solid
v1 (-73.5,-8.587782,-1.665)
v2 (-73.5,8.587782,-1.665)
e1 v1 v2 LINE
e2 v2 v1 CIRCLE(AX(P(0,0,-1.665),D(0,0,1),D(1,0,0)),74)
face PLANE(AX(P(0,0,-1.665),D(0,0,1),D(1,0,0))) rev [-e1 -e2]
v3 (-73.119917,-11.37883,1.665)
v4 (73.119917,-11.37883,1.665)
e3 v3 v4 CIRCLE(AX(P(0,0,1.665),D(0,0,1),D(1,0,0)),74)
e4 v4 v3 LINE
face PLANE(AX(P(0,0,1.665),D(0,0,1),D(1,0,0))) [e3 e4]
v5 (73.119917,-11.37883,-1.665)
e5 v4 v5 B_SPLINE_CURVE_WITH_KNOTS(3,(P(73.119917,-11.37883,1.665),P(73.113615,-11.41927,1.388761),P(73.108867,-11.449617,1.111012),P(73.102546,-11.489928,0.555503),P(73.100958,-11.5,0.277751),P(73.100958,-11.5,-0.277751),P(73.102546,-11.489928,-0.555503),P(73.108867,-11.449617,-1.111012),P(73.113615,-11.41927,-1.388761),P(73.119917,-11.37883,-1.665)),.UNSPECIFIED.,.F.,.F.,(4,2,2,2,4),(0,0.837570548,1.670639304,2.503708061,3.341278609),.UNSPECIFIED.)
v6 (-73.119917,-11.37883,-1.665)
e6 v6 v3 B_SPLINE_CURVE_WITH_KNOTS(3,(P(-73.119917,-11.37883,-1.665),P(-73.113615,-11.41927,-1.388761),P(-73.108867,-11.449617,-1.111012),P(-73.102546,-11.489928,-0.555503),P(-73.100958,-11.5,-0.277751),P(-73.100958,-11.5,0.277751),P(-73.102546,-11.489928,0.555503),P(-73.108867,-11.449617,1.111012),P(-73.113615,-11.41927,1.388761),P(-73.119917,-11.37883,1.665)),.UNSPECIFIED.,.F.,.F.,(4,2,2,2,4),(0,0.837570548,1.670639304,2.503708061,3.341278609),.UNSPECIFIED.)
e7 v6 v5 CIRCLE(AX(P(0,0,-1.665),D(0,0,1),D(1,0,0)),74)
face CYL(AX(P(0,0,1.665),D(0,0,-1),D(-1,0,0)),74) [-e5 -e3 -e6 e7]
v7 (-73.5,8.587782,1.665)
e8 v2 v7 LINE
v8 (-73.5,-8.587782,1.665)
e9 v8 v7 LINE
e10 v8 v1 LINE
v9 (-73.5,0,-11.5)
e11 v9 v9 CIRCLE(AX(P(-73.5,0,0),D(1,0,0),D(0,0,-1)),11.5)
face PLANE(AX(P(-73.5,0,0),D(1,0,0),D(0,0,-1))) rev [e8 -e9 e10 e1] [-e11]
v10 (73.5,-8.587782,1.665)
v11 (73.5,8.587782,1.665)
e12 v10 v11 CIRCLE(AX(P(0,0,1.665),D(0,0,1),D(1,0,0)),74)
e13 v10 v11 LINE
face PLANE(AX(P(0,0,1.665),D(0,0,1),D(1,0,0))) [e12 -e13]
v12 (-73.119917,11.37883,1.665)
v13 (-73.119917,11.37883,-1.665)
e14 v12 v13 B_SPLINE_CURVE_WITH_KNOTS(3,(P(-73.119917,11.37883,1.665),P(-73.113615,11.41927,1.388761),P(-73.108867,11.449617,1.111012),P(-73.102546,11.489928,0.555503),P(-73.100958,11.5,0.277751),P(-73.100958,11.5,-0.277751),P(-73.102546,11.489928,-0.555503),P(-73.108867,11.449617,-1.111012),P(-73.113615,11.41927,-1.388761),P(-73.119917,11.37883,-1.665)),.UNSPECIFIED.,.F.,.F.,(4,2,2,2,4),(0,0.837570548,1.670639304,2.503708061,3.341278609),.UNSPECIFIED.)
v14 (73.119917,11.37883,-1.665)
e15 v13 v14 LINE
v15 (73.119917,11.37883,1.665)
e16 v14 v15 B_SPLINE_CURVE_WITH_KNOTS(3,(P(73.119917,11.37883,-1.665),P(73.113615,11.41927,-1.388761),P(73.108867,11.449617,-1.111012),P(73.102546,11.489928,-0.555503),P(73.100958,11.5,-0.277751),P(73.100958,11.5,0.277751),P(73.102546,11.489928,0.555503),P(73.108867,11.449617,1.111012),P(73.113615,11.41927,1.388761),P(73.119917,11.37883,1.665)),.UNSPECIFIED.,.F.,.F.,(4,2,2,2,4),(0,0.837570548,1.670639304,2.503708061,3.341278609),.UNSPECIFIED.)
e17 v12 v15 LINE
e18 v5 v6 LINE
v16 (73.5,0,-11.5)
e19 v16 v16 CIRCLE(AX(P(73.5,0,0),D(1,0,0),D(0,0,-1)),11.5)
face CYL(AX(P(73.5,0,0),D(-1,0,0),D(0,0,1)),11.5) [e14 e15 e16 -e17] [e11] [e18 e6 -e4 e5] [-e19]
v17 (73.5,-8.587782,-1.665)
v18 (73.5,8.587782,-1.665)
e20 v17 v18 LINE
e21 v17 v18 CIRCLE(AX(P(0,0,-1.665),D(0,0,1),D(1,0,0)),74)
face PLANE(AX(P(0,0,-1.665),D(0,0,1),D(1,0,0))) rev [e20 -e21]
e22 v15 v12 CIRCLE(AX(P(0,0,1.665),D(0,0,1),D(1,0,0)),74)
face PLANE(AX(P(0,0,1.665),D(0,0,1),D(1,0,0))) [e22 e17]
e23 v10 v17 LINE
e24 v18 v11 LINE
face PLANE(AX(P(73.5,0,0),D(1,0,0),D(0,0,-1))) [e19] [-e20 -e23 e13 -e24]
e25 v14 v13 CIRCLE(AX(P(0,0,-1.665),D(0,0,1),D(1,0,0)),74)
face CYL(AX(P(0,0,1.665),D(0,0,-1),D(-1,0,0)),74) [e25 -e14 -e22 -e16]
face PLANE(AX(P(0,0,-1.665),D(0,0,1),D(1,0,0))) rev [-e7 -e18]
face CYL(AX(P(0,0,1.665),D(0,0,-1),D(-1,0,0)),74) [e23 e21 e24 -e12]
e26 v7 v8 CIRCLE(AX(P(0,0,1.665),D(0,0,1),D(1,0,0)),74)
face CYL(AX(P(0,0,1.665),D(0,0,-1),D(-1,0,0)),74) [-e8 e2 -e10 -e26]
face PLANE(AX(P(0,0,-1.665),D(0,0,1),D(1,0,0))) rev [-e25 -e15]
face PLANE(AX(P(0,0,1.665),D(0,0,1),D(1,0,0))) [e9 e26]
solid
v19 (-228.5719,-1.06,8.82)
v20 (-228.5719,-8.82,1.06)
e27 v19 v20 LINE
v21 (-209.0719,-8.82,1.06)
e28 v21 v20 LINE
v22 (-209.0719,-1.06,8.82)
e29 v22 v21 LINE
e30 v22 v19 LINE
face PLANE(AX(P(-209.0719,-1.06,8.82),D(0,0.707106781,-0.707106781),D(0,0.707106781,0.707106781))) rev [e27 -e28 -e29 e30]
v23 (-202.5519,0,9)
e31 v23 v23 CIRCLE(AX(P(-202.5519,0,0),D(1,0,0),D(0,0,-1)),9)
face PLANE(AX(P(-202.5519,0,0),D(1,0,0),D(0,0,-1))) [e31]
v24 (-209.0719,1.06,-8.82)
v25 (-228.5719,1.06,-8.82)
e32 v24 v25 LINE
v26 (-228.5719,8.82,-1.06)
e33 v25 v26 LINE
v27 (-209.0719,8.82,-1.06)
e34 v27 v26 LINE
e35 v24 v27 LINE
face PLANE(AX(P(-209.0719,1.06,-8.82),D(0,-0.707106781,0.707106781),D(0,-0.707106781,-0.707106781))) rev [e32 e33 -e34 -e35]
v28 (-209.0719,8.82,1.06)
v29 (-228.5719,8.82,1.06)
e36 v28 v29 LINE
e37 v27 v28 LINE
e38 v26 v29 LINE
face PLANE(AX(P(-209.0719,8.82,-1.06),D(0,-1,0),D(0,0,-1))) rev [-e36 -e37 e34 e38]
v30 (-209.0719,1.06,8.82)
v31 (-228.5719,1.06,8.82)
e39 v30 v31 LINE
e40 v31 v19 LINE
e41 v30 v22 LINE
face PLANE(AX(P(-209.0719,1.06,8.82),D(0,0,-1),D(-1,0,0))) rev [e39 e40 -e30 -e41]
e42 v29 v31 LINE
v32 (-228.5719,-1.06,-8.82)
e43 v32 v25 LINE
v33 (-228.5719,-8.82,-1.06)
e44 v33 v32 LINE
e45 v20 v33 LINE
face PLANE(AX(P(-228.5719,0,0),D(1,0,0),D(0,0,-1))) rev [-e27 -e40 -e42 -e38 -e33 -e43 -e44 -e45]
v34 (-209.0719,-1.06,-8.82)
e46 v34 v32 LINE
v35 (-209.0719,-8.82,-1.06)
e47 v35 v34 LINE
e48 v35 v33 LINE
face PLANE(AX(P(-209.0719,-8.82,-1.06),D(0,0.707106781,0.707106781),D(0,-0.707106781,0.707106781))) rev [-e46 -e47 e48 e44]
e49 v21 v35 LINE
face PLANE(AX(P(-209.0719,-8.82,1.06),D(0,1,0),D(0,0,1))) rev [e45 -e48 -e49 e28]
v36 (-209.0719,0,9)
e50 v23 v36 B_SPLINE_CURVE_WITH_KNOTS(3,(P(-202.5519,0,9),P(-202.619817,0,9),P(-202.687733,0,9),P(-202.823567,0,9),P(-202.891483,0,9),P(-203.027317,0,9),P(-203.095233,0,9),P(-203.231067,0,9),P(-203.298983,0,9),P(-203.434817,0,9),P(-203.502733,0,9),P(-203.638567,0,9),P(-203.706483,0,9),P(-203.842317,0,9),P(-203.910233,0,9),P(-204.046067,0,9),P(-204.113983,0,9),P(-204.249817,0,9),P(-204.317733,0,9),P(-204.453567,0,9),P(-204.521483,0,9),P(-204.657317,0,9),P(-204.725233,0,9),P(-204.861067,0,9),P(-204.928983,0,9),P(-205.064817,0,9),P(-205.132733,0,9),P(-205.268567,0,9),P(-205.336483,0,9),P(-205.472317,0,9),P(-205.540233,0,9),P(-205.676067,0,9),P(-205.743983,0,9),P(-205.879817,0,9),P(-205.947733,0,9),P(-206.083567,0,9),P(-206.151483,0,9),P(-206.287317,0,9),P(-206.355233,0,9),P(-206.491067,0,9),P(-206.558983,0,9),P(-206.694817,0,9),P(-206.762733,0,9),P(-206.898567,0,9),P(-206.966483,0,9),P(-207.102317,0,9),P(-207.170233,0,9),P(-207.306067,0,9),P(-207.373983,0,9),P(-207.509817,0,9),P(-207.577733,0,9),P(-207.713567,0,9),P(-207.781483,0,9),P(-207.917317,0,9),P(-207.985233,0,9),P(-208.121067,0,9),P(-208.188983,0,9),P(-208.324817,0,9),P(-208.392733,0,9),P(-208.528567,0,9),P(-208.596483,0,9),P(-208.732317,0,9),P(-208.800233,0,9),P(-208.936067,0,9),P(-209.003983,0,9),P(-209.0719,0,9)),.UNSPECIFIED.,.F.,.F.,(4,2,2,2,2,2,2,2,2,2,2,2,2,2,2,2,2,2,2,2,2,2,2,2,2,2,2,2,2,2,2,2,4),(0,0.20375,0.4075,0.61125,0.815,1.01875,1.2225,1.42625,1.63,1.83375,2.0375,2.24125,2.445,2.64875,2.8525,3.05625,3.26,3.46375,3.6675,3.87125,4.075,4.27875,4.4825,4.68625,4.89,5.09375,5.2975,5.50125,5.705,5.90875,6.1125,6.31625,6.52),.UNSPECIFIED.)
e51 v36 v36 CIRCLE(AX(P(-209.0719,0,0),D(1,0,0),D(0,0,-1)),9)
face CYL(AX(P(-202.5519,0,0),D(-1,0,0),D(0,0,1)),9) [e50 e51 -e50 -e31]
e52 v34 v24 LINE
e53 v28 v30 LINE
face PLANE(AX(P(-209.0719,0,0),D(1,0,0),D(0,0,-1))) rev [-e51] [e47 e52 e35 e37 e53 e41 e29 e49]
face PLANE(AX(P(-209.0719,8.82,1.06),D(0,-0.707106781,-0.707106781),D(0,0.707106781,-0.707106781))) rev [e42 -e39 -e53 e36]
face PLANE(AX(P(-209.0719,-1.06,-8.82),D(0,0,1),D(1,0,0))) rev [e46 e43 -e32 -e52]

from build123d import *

# Parameters (mm, degrees)
HOLT_START                                     = -1.665
SKETCH1_R                                      = 74
HOLT_DISC_148_MM_DIAMETER_AND_3_33_MM_DEPTH    = 3.33
VISIBLE_START                                  = -73.5
SKETCH2_R                                      = 11.5
VISIBLE_STEM_23_MM_DIAMETER_WITH_RUNNI_DEPTH   = 147
UPPER_START                                    = -209.0719
SKETCH3_R                                      = 9
UPPER_STEM_COLLAR_AT_VALVE_FLANGE_DEPTH        = 6.52
HOLT_START_2                                   = -228.5719
HOLT_14_MM_SQUARE_DRIVE_WITH_CORNER_FLAT_DEPTH = 19.5


with BuildPart() as part:
    # Sketch1 → HOLT disc - 148 mm diameter and 3.33 mm thick (new body)
    with BuildSketch(Plane.XY.offset(HOLT_START)):
        Circle(SKETCH1_R)
    extrude(amount=HOLT_DISC_148_MM_DIAMETER_AND_3_33_MM_DEPTH)

    # Sketch2 → Visible stem - 23 mm diameter with running clearance (add)
    with BuildSketch(Plane(origin=(0, 0, 0), x_dir=(0, 0, -1), z_dir=(1, 0, 0)).offset(VISIBLE_START)):
        Circle(SKETCH2_R)
    extrude(amount=VISIBLE_STEM_23_MM_DIAMETER_WITH_RUNNI_DEPTH)


with BuildPart() as body_2:
    # Sketch3 → Upper stem collar at valve flange (new body)
    with BuildSketch(Plane(origin=(0, 0, 0), x_dir=(0, 0, -1), z_dir=(1, 0, 0)).offset(UPPER_START)):
        with Locations(Location((0, 0, 0), (0, 0, 180))):
            Circle(SKETCH3_R)
    extrude(amount=UPPER_STEM_COLLAR_AT_VALVE_FLANGE_DEPTH)

    # Sketch4 → HOLT 14 mm square drive with corner flats (add)
    with BuildSketch(Plane(origin=(0, 0, 0), x_dir=(0, 0, -1), z_dir=(1, 0, 0)).offset(HOLT_START_2)):
        Polygon((-8.82, 1.06), (-8.82, -1.06), (-1.06, -8.82), (1.06, -8.82), (8.82, -1.06), (8.82, 1.06), (1.06, 8.82), (-1.06, 8.82), align=None)
    extrude(amount=HOLT_14_MM_SQUARE_DRIVE_WITH_CORNER_FLAT_DEPTH)


solid = Compound([part.part, body_2.part])
